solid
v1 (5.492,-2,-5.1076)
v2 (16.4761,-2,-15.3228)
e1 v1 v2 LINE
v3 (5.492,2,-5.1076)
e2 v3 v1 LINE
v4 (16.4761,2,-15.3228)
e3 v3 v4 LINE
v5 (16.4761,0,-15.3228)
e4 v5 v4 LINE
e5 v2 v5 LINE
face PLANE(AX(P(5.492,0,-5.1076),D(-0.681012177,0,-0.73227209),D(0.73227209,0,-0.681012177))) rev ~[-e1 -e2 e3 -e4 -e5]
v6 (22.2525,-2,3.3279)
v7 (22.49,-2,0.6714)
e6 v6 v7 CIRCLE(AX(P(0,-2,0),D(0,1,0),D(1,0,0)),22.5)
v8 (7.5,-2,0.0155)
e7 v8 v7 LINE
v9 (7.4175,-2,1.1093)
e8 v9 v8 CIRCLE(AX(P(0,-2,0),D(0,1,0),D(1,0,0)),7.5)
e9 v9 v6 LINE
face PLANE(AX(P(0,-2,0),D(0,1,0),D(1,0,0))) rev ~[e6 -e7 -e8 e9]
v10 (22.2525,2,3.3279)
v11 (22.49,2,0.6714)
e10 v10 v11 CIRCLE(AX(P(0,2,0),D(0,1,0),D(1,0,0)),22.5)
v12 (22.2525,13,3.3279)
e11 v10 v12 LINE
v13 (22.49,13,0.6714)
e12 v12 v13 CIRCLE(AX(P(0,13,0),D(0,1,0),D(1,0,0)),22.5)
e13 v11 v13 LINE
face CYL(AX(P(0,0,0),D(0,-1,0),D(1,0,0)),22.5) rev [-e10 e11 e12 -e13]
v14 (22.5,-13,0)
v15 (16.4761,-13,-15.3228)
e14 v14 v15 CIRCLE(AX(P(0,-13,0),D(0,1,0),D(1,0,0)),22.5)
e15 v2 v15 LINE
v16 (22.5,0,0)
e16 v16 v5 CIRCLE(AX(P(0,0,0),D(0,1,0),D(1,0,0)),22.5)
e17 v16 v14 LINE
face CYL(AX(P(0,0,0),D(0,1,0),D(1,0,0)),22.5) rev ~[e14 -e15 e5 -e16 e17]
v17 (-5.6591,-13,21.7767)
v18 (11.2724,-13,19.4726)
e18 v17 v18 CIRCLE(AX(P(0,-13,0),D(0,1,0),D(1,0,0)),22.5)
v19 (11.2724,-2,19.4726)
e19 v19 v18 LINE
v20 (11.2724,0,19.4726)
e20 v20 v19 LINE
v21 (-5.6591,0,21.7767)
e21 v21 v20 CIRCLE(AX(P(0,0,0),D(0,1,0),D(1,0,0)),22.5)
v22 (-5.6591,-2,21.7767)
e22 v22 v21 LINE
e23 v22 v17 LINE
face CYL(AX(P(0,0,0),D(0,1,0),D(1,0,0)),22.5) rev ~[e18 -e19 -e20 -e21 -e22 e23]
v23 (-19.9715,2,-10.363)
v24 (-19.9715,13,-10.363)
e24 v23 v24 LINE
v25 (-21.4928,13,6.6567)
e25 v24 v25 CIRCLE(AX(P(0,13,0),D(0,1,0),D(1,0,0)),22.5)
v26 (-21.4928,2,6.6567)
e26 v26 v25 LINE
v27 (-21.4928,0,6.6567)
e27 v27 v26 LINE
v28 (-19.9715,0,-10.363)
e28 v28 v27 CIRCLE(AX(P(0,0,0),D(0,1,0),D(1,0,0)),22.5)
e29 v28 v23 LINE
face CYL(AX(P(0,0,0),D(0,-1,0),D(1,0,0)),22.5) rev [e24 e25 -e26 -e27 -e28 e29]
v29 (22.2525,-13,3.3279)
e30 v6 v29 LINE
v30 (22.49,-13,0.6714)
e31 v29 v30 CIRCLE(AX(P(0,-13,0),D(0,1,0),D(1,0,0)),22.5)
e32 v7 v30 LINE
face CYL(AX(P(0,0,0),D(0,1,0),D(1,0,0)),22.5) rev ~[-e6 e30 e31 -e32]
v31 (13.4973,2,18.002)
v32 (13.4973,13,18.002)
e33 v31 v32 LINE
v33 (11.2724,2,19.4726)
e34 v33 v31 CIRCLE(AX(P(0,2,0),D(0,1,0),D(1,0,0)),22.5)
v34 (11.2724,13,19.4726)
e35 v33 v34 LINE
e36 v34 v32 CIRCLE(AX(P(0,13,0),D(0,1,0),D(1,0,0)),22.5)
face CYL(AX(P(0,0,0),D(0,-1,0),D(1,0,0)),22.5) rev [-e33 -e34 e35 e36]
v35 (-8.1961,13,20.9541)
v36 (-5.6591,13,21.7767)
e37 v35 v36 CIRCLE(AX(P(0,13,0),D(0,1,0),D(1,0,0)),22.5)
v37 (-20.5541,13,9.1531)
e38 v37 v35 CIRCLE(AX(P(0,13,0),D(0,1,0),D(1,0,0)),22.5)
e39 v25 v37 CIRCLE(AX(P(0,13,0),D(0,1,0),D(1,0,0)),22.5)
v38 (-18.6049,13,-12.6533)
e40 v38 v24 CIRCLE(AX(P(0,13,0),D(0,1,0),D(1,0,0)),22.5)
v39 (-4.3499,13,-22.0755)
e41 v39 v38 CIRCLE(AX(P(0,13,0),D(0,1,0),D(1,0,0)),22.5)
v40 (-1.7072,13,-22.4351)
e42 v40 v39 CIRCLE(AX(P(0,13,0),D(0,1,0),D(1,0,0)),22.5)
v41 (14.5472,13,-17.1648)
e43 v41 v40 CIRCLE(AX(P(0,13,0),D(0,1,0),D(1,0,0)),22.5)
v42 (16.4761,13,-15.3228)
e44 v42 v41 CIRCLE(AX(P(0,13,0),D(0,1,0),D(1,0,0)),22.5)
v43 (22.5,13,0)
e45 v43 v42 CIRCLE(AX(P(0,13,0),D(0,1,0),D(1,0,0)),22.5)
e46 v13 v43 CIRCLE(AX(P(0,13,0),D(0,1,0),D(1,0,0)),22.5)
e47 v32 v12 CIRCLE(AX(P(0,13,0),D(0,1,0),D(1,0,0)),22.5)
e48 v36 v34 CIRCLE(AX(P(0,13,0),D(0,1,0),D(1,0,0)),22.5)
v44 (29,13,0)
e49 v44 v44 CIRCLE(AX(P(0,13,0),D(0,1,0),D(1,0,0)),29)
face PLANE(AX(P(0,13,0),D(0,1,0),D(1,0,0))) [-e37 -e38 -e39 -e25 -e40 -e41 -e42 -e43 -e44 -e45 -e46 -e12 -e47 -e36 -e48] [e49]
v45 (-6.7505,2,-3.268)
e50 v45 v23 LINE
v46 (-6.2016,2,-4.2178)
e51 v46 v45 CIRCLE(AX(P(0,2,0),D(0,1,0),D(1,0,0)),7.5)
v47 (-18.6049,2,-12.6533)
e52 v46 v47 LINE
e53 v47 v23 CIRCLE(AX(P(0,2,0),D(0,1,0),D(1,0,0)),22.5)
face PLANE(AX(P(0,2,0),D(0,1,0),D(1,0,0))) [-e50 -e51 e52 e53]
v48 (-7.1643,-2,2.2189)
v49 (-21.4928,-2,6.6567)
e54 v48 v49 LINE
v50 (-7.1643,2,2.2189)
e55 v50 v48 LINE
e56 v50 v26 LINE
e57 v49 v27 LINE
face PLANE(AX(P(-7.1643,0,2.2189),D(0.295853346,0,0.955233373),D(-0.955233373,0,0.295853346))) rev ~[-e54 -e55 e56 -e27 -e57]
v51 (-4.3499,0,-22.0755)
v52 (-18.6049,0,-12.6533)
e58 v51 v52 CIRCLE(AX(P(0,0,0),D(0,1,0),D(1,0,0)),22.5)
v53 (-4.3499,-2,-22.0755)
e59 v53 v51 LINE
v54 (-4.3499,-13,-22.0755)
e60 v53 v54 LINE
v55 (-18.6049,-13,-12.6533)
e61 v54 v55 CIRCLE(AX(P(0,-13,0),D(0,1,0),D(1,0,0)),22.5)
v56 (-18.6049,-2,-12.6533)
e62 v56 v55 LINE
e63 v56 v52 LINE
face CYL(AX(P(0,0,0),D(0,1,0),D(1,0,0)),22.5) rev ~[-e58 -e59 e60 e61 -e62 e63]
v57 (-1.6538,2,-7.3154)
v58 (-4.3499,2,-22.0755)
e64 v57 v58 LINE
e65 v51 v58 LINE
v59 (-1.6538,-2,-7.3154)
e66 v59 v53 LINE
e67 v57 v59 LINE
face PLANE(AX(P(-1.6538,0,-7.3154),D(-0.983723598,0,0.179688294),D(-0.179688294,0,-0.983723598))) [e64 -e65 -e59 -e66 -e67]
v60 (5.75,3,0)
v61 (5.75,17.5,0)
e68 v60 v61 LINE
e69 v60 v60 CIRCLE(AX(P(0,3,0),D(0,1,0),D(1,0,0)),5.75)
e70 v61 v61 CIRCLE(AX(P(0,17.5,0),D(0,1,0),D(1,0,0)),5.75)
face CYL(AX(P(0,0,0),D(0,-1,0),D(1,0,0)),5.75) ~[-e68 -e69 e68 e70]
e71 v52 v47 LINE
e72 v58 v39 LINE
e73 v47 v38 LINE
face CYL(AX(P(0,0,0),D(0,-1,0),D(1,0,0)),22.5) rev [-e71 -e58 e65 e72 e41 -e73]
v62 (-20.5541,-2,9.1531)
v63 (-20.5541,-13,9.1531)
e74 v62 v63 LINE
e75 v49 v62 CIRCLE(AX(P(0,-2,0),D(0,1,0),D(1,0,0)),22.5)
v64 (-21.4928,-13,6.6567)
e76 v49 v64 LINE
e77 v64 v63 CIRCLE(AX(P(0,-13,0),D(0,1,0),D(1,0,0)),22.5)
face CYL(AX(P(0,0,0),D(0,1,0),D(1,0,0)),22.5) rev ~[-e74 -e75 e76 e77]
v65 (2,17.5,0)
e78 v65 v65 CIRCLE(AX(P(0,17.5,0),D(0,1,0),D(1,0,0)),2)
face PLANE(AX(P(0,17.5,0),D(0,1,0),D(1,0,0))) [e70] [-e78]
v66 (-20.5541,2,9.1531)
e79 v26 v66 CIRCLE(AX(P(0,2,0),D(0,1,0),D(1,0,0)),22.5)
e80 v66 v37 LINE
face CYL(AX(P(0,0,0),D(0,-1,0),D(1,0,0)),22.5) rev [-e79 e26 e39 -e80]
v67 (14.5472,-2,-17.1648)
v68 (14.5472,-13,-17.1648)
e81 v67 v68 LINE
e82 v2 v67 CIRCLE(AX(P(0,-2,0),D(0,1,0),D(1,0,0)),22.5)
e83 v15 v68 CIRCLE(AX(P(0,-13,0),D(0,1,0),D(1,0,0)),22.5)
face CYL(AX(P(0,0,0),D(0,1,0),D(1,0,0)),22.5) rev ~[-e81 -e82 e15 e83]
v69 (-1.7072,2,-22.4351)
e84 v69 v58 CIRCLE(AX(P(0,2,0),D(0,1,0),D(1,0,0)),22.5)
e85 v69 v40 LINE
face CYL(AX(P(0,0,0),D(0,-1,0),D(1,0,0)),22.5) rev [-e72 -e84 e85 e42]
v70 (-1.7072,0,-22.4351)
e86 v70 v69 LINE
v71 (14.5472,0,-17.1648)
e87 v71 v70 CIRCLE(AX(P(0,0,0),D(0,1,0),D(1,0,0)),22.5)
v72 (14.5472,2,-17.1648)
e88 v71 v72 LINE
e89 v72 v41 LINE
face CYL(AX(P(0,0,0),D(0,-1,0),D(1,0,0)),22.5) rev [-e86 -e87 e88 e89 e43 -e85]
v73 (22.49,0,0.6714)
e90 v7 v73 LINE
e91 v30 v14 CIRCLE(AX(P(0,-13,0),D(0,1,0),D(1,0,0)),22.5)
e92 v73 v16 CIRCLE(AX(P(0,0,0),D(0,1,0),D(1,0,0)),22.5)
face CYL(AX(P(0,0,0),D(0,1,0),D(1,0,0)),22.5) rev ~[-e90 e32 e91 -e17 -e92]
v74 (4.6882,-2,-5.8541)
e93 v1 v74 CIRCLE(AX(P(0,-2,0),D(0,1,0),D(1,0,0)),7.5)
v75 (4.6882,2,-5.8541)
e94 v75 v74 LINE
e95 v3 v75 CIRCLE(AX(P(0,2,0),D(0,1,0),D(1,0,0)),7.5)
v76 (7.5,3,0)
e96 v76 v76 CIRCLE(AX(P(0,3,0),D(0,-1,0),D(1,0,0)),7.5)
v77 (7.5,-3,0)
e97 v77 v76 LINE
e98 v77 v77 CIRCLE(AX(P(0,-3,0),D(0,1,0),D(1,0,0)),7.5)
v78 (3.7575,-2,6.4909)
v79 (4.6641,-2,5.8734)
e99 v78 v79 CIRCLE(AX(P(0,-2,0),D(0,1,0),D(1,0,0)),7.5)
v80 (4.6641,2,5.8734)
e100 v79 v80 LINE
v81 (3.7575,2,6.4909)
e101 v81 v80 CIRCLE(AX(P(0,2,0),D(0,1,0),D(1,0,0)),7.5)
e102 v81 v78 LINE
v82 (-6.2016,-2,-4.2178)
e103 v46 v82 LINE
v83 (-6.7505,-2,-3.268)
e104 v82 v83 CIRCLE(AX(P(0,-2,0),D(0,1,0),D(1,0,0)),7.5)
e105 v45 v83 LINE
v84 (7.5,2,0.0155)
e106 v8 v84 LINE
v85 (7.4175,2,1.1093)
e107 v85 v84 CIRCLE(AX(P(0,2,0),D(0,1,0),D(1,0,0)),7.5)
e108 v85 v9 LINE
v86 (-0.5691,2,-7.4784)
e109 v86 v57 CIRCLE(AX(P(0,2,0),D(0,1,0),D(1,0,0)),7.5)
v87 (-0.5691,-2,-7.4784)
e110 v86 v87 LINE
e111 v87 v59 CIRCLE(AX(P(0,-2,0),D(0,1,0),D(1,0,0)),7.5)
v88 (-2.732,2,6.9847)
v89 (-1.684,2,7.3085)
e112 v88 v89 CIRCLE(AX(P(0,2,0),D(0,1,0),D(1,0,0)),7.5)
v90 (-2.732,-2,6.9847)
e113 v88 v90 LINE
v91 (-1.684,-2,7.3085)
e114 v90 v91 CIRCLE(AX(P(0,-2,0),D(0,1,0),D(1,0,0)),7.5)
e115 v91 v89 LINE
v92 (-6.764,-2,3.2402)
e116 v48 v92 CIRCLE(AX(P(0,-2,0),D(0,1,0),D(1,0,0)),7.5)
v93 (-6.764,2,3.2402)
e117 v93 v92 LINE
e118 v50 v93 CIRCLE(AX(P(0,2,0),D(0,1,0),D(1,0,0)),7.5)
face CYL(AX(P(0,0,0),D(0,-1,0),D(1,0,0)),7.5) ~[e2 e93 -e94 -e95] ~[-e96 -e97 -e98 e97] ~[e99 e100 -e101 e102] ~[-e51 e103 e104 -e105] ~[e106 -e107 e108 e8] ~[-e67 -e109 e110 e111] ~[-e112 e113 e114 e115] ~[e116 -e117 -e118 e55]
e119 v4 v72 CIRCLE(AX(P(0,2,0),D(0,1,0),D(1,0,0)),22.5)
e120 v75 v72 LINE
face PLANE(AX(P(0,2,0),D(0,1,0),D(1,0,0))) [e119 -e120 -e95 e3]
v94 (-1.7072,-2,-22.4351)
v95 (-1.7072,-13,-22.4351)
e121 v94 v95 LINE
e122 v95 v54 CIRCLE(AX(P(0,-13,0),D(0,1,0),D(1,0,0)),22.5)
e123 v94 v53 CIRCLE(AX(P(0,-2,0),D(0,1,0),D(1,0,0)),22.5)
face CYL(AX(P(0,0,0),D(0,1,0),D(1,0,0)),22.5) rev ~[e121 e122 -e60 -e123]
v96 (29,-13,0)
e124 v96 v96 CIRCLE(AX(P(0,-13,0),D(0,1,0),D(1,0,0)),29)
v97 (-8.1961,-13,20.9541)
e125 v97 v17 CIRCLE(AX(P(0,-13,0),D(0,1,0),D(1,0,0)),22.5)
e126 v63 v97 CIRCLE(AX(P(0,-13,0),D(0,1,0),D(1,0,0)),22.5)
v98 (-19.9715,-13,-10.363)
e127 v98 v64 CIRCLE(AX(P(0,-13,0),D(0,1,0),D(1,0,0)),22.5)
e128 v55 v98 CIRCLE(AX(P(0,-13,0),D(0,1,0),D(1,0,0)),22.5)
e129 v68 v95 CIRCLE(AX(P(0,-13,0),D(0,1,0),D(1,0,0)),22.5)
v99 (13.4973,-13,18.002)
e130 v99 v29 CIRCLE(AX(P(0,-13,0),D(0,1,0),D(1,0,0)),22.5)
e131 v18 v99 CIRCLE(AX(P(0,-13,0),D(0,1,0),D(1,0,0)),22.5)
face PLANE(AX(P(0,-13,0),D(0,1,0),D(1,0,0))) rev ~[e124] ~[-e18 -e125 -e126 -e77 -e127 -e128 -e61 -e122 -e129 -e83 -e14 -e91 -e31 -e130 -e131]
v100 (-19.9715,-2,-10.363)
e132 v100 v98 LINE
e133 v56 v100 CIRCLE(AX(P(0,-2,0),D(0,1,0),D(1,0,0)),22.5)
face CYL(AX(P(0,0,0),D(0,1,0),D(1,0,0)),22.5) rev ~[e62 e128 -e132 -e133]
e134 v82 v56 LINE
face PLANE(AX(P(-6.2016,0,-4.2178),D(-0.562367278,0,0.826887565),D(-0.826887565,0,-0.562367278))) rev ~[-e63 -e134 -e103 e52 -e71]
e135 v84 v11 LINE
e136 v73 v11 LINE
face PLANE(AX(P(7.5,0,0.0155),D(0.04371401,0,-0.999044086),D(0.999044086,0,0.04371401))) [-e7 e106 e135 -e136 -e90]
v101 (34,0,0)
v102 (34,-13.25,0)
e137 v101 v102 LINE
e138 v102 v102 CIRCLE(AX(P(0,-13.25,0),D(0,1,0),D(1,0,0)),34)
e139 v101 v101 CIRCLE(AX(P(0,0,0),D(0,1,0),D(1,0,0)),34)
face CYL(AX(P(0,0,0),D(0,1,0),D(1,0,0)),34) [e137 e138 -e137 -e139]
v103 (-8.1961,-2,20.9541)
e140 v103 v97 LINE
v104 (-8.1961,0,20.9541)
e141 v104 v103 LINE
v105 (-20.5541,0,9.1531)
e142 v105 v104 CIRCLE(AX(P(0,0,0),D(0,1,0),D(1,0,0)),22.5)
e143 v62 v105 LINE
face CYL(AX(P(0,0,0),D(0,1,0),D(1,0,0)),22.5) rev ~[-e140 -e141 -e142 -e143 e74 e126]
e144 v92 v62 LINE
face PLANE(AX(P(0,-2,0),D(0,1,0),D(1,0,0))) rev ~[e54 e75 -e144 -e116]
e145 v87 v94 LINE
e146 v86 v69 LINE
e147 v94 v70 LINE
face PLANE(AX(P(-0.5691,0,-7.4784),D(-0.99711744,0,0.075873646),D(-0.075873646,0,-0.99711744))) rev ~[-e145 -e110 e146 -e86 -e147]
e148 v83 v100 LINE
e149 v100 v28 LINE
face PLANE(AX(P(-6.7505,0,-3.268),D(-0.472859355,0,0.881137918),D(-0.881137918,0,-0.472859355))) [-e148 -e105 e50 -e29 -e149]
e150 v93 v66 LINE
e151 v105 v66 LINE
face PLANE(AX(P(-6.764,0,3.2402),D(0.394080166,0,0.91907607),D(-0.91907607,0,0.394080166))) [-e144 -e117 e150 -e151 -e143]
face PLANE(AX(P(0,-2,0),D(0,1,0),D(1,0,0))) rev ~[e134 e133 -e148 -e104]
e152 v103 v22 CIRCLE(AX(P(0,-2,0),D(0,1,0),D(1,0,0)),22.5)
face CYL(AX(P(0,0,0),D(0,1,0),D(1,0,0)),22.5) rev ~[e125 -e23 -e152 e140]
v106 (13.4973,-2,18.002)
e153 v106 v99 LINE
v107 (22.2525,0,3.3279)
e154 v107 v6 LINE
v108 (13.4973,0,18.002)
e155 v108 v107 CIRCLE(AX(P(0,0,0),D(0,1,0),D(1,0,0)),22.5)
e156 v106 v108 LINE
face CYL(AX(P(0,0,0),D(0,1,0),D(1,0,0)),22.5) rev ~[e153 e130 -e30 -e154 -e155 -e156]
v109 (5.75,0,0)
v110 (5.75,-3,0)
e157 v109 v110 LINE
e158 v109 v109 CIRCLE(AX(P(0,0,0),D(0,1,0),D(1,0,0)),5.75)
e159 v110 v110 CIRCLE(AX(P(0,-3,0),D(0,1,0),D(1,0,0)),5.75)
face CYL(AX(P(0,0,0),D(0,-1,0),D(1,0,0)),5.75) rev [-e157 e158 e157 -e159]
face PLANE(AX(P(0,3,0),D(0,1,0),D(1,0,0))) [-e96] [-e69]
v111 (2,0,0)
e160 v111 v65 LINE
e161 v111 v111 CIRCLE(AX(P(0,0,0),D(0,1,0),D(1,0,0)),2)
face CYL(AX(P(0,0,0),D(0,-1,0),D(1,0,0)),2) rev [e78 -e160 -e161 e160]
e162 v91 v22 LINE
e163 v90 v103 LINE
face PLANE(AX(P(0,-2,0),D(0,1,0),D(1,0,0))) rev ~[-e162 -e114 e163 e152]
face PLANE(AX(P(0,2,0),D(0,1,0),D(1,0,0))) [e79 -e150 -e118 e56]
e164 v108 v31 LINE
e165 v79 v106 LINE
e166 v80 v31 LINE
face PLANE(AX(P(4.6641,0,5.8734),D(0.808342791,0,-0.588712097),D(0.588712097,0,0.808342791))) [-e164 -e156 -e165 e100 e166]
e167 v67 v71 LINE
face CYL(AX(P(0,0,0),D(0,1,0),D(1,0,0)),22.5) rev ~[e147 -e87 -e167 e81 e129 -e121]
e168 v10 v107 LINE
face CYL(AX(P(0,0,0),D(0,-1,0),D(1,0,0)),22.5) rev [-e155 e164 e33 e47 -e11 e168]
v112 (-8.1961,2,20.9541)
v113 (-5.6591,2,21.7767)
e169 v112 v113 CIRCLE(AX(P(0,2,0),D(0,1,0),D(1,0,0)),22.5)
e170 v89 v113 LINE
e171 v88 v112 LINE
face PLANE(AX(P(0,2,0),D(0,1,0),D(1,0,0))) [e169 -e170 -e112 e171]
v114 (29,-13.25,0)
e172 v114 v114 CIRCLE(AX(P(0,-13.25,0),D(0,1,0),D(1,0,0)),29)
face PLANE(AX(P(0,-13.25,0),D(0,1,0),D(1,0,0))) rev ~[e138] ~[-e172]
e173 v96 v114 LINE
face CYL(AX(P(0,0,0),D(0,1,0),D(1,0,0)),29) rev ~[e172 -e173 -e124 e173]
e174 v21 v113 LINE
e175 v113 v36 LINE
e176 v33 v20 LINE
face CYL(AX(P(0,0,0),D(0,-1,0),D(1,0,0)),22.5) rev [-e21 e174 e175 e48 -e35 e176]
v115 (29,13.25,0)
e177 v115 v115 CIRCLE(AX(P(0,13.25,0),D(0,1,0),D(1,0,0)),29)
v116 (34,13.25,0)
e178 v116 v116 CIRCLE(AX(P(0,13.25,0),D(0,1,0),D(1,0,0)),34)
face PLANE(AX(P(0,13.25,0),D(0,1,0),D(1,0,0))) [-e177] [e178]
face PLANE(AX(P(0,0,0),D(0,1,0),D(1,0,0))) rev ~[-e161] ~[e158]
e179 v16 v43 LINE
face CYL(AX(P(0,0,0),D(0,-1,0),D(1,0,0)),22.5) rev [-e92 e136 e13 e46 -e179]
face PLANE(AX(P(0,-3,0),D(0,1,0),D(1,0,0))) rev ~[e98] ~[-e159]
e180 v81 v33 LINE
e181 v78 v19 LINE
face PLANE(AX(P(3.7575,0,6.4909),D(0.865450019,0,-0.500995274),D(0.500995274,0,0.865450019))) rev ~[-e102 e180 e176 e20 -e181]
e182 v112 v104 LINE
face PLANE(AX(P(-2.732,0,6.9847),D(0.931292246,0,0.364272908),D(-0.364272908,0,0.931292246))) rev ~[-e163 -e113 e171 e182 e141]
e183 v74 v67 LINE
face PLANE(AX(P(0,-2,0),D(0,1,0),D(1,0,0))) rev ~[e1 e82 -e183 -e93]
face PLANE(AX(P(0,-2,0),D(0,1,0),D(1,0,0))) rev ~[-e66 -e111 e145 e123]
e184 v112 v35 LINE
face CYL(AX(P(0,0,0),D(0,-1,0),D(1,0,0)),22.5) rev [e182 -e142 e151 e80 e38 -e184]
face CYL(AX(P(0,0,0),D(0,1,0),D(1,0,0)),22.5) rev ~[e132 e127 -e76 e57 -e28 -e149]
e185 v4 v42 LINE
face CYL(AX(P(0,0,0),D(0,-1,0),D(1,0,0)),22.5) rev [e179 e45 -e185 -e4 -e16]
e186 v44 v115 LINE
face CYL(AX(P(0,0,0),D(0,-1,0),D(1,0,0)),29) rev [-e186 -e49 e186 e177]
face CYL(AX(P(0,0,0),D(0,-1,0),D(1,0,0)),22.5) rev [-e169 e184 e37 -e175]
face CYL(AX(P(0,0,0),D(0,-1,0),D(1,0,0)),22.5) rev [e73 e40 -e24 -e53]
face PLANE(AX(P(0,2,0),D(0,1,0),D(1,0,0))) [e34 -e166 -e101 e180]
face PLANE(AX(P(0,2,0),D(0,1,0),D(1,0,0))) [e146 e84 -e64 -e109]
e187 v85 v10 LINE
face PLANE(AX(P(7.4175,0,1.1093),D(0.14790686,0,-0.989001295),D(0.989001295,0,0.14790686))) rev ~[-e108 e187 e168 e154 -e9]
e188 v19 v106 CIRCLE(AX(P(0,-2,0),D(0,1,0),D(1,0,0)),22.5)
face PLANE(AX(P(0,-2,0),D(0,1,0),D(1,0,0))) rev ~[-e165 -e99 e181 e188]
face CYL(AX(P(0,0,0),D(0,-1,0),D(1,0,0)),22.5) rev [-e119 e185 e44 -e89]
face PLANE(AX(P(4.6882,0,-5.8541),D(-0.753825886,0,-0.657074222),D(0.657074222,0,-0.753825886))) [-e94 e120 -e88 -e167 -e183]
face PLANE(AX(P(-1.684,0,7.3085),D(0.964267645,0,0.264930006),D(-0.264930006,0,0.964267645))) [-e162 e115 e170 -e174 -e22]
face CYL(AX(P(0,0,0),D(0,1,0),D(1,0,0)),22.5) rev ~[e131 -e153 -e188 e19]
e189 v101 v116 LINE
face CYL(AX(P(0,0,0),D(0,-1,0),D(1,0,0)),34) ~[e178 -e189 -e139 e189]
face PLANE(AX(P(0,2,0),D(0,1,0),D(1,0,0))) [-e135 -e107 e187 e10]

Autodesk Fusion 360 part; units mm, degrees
sketch "Sketch1" plane through (0, 0, 0) normal (0, 1, 0) x (1, 0, 0)
  circle A0 centre (0, 0) radius 34
  circle A1 centre (0, 0) radius 29
  circle A2 centre (0, 0) radius 22.5
  circle A3 centre (0, 0) radius 5.75
  circle A4 centre (0, 0) radius 2
  circle A5 centre (0, 0) radius 7.5
  line L0 (4.6641, -5.8734) -> (13.4973, -18.002)
  line L1 (3.7575, -6.4909) -> (11.2724, -19.4726)
  line L2 (7.4175, -1.1093) -> (22.2525, -3.3279)
  line L3 (7.5, -0.0155) -> (22.49, -0.6714)
  line L4 (5.492, 5.1076) -> (16.4761, 15.3228)
  line L5 (4.6882, 5.8541) -> (14.5472, 17.1648)
  line L6 (-0.5691, 7.4784) -> (-1.7072, 22.4351)
  line L7 (-1.6538, 7.3154) -> (-4.3499, 22.0755)
  line L8 (-6.2016, 4.2178) -> (-18.6049, 12.6533)
  line L9 (-6.7505, 3.268) -> (-19.9715, 10.363)
  line L10 (-7.1643, -2.2189) -> (-21.4928, -6.6567)
  line L11 (-6.764, -3.2402) -> (-20.5541, -9.1531)
  line L12 (-2.732, -6.9847) -> (-8.1961, -20.9541)
  line L13 (-1.684, -7.3085) -> (-5.6591, -21.7767)
  dimension "d1" = 68
  dimension "d2" = 58
  dimension "d3" = 45
  dimension "d4" = 11.5
  dimension "d5" = 4
  dimension "d6" = 15
  dimension "d8" = 6
  dimension "d10" = 360
extrude "Extrude1" add sketch "Sketch1" along normal blind 17.5 contours A3 makes body 1
extrude "Extrude2" add sketch "Sketch1" along normal mid plane 6 contours A5 bodies 1
extrude "Extrude3" add sketch "Sketch1" along normal mid plane 4 contours A2 A5 L4 L5 | A2 A5 L2 L3 | A2 A5 L6 L7 | A2 A5 L0 L1 | A2 A5 L8 L9 | A2 A5 L12 L13 | A2 A5 L10 L11 bodies 1
extrude "Extrude4" add sketch "Sketch1" along normal mid plane 26.5 separate body contours A0 makes body 2
extrude "Extrude5" add sketch "Sketch1" along normal mid plane 26 contours A1 bodies 1 2
equation "d11 = 3 mm + 14.5 mm"
